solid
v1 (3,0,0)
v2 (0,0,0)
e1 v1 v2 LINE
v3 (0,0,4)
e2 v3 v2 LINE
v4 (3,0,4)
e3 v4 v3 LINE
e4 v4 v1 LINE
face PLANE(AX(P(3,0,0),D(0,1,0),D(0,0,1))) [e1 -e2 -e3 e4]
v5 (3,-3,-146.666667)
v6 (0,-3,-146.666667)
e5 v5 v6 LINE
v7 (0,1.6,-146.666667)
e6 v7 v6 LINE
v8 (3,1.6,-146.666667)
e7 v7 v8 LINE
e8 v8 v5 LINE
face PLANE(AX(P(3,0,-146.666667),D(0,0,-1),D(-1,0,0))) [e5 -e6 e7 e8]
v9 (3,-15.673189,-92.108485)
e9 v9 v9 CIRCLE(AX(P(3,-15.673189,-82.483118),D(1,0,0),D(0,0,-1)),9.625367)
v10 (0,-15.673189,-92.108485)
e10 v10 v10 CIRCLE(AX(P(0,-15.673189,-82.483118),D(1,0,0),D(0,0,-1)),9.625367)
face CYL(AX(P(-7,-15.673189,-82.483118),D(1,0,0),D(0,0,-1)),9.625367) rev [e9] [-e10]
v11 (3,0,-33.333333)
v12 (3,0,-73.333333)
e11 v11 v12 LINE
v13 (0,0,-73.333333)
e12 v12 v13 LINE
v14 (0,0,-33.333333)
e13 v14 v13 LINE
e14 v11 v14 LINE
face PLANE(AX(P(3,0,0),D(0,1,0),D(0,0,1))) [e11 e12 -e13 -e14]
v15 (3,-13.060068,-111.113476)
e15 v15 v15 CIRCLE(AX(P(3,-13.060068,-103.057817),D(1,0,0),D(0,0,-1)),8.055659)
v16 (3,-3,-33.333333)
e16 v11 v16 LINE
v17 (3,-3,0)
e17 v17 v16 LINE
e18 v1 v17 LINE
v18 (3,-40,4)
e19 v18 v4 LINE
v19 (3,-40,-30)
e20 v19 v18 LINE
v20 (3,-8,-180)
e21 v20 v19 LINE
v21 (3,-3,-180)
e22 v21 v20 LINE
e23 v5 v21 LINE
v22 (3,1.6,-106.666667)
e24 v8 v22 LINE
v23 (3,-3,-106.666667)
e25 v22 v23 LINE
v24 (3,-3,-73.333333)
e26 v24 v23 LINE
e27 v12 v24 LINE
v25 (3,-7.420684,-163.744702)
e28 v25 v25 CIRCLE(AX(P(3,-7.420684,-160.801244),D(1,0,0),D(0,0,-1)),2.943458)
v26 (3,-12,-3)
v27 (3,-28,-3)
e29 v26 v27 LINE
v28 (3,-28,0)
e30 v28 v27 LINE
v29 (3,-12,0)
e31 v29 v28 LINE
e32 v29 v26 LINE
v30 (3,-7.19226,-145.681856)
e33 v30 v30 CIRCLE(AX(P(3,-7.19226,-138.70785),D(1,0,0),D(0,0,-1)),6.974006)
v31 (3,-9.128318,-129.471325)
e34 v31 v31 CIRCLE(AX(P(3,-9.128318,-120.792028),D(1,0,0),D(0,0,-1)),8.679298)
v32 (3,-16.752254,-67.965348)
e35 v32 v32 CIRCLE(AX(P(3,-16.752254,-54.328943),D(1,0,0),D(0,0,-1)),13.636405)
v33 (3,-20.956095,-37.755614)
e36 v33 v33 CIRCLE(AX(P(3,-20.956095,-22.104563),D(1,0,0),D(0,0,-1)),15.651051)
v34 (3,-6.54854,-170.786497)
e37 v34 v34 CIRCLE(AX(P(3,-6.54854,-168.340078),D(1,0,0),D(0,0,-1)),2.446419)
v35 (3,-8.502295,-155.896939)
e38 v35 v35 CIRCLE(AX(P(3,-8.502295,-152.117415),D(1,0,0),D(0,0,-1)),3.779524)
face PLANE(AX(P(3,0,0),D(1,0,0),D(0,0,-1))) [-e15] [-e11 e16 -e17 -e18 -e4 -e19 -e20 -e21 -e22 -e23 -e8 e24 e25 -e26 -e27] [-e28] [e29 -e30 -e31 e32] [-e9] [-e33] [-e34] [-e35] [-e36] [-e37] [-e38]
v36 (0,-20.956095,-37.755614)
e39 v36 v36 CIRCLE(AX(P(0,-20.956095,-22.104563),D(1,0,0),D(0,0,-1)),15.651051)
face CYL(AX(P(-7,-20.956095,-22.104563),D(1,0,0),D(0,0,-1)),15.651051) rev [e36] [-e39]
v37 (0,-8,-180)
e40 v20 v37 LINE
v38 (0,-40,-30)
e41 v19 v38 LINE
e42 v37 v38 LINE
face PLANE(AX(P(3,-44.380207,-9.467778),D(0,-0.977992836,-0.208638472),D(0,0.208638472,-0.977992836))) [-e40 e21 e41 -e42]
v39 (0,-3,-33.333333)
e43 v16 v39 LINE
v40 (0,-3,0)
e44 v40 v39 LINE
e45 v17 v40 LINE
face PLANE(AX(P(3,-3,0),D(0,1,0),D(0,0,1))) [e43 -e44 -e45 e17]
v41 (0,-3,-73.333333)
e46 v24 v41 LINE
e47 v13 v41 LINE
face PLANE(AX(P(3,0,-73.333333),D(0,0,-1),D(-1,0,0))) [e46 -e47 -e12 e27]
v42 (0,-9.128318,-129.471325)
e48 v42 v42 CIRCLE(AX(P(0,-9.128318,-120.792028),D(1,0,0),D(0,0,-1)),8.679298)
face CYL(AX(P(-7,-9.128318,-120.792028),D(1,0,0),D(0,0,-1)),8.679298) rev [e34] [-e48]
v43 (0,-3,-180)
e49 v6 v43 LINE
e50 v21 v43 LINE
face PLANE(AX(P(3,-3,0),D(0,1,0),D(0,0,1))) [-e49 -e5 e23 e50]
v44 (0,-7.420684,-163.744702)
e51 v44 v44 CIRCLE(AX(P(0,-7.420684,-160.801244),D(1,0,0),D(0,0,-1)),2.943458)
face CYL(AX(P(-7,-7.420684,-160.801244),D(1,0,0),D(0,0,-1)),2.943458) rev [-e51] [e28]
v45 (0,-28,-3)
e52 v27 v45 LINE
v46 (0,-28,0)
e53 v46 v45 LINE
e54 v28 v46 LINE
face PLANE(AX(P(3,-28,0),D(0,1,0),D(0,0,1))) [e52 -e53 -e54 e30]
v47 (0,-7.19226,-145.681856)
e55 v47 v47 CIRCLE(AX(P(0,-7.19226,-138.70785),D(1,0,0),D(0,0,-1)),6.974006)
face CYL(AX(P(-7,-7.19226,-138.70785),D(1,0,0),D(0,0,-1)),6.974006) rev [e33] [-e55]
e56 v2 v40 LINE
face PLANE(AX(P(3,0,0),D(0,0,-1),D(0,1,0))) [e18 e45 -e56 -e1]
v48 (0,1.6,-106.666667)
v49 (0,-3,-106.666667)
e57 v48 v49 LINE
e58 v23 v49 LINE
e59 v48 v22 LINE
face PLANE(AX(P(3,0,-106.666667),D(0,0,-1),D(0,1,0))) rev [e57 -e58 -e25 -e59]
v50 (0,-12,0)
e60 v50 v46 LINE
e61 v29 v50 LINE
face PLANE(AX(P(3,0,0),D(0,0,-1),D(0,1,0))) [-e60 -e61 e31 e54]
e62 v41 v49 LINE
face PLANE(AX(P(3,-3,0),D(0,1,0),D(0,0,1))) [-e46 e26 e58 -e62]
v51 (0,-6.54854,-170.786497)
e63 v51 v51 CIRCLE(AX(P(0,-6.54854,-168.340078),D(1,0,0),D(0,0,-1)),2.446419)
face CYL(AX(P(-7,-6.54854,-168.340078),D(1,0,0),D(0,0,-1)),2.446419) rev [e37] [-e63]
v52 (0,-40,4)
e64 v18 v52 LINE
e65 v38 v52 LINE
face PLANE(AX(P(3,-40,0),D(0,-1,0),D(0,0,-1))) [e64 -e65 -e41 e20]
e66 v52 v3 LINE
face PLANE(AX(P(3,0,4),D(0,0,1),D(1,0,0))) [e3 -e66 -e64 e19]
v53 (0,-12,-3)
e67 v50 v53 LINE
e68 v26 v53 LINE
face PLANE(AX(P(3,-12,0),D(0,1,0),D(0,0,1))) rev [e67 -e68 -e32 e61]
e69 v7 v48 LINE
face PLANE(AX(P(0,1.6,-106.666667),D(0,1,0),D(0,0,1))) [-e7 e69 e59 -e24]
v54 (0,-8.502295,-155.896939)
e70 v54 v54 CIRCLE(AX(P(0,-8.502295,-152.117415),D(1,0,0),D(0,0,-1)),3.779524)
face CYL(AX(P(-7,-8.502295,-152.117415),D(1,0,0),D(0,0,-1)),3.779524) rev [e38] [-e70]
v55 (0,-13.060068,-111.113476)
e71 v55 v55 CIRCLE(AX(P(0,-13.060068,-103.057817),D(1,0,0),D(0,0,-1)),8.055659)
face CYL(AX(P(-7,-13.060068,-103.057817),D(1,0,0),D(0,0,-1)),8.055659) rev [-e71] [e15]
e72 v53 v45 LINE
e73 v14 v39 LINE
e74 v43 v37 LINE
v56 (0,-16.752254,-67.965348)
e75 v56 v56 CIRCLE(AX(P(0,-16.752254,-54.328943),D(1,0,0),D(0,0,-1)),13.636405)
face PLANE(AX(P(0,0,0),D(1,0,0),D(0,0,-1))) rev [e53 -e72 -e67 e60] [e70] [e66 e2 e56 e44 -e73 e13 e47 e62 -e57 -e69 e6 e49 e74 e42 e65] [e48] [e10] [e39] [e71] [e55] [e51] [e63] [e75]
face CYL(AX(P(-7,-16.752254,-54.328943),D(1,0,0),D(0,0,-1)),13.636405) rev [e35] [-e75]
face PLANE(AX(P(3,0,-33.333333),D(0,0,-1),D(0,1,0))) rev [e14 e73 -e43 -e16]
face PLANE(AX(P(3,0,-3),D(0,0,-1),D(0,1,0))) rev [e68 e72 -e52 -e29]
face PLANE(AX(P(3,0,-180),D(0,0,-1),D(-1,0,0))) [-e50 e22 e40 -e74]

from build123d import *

# Parameters (mm, degrees)
SKETCH1_W           = 3
SKETCH1_H           = 16
BOSS_EXTRUDE1_DEPTH = 3
SKETCH2_W           = 40
SKETCH2_H           = 1.6
BOSS_EXTRUDE2_DEPTH = 3
SKETCH3_R           = 15.651050508
SKETCH3_R_2         = 13.636404617
SKETCH3_R_3         = 9.625367155
SKETCH3_R_4         = 8.055659383
SKETCH3_R_5         = 8.6792975
SKETCH3_R_6         = 6.974005881
SKETCH3_R_7         = 2.446418815
SKETCH3_R_8         = 3.779523595
SKETCH3_R_9         = 2.94345793
CUT_EXTRUDE1_DEPTH  = 10


with BuildPart() as part:
    # Sketch1 → Boss-Extrude1 (new body)
    with BuildSketch(Plane(origin=(0, 0, 0), x_dir=(0, 0, -1), z_dir=(1, 0, 0))):
        Polygon((30, -40), (180, -8), (180, -3), (146.666666667, -3), (146.666666667, 0), (106.666666667, 0), (106.666666667, -3), (73.333333333, -3), (73.333333333, 0), (33.333333333, 0), (33.333333333, -3), (0, -3), (0, 0), (-4, 0), (-4, -40), (0, -40), align=None)
        with Locations((1.5, -20)):
            Rectangle(SKETCH1_W, SKETCH1_H, mode=Mode.SUBTRACT)
    extrude(amount=BOSS_EXTRUDE1_DEPTH)

    # Sketch2 → Boss-Extrude2 (add)
    with BuildSketch(Plane(origin=(3, 0, 0), x_dir=(0, 0, -1), z_dir=(1, 0, 0))):
        with Locations((126.666666667, 0.8)):
            Rectangle(SKETCH2_W, SKETCH2_H)
    extrude(amount=-BOSS_EXTRUDE2_DEPTH)

    # Sketch3 → Cut-Extrude1 (cut)
    with BuildSketch(Plane(origin=(3, 0, 0), x_dir=(0, 0, -1), z_dir=(1, 0, 0))):
        with Locations((22.104563443, -20.956095071)):
            Circle(SKETCH3_R)
        with Locations((54.328943076, -16.752253971)):
            Circle(SKETCH3_R_2)
        with Locations((82.483117774, -15.673188709)):
            Circle(SKETCH3_R_3)
        with Locations((103.057816826, -13.060067591)):
            Circle(SKETCH3_R_4)
        with Locations((120.792027676, -9.128318411)):
            Circle(SKETCH3_R_5)
        with Locations((138.707850434, -7.192260379)):
            Circle(SKETCH3_R_6)
        with Locations((168.340077715, -6.548539538)):
            Circle(SKETCH3_R_7)
        with Locations((152.117415019, -8.502294699)):
            Circle(SKETCH3_R_8)
        with Locations((160.801244487, -7.420684272)):
            Circle(SKETCH3_R_9)
    extrude(amount=-CUT_EXTRUDE1_DEPTH, mode=Mode.SUBTRACT)


solid = part.part
